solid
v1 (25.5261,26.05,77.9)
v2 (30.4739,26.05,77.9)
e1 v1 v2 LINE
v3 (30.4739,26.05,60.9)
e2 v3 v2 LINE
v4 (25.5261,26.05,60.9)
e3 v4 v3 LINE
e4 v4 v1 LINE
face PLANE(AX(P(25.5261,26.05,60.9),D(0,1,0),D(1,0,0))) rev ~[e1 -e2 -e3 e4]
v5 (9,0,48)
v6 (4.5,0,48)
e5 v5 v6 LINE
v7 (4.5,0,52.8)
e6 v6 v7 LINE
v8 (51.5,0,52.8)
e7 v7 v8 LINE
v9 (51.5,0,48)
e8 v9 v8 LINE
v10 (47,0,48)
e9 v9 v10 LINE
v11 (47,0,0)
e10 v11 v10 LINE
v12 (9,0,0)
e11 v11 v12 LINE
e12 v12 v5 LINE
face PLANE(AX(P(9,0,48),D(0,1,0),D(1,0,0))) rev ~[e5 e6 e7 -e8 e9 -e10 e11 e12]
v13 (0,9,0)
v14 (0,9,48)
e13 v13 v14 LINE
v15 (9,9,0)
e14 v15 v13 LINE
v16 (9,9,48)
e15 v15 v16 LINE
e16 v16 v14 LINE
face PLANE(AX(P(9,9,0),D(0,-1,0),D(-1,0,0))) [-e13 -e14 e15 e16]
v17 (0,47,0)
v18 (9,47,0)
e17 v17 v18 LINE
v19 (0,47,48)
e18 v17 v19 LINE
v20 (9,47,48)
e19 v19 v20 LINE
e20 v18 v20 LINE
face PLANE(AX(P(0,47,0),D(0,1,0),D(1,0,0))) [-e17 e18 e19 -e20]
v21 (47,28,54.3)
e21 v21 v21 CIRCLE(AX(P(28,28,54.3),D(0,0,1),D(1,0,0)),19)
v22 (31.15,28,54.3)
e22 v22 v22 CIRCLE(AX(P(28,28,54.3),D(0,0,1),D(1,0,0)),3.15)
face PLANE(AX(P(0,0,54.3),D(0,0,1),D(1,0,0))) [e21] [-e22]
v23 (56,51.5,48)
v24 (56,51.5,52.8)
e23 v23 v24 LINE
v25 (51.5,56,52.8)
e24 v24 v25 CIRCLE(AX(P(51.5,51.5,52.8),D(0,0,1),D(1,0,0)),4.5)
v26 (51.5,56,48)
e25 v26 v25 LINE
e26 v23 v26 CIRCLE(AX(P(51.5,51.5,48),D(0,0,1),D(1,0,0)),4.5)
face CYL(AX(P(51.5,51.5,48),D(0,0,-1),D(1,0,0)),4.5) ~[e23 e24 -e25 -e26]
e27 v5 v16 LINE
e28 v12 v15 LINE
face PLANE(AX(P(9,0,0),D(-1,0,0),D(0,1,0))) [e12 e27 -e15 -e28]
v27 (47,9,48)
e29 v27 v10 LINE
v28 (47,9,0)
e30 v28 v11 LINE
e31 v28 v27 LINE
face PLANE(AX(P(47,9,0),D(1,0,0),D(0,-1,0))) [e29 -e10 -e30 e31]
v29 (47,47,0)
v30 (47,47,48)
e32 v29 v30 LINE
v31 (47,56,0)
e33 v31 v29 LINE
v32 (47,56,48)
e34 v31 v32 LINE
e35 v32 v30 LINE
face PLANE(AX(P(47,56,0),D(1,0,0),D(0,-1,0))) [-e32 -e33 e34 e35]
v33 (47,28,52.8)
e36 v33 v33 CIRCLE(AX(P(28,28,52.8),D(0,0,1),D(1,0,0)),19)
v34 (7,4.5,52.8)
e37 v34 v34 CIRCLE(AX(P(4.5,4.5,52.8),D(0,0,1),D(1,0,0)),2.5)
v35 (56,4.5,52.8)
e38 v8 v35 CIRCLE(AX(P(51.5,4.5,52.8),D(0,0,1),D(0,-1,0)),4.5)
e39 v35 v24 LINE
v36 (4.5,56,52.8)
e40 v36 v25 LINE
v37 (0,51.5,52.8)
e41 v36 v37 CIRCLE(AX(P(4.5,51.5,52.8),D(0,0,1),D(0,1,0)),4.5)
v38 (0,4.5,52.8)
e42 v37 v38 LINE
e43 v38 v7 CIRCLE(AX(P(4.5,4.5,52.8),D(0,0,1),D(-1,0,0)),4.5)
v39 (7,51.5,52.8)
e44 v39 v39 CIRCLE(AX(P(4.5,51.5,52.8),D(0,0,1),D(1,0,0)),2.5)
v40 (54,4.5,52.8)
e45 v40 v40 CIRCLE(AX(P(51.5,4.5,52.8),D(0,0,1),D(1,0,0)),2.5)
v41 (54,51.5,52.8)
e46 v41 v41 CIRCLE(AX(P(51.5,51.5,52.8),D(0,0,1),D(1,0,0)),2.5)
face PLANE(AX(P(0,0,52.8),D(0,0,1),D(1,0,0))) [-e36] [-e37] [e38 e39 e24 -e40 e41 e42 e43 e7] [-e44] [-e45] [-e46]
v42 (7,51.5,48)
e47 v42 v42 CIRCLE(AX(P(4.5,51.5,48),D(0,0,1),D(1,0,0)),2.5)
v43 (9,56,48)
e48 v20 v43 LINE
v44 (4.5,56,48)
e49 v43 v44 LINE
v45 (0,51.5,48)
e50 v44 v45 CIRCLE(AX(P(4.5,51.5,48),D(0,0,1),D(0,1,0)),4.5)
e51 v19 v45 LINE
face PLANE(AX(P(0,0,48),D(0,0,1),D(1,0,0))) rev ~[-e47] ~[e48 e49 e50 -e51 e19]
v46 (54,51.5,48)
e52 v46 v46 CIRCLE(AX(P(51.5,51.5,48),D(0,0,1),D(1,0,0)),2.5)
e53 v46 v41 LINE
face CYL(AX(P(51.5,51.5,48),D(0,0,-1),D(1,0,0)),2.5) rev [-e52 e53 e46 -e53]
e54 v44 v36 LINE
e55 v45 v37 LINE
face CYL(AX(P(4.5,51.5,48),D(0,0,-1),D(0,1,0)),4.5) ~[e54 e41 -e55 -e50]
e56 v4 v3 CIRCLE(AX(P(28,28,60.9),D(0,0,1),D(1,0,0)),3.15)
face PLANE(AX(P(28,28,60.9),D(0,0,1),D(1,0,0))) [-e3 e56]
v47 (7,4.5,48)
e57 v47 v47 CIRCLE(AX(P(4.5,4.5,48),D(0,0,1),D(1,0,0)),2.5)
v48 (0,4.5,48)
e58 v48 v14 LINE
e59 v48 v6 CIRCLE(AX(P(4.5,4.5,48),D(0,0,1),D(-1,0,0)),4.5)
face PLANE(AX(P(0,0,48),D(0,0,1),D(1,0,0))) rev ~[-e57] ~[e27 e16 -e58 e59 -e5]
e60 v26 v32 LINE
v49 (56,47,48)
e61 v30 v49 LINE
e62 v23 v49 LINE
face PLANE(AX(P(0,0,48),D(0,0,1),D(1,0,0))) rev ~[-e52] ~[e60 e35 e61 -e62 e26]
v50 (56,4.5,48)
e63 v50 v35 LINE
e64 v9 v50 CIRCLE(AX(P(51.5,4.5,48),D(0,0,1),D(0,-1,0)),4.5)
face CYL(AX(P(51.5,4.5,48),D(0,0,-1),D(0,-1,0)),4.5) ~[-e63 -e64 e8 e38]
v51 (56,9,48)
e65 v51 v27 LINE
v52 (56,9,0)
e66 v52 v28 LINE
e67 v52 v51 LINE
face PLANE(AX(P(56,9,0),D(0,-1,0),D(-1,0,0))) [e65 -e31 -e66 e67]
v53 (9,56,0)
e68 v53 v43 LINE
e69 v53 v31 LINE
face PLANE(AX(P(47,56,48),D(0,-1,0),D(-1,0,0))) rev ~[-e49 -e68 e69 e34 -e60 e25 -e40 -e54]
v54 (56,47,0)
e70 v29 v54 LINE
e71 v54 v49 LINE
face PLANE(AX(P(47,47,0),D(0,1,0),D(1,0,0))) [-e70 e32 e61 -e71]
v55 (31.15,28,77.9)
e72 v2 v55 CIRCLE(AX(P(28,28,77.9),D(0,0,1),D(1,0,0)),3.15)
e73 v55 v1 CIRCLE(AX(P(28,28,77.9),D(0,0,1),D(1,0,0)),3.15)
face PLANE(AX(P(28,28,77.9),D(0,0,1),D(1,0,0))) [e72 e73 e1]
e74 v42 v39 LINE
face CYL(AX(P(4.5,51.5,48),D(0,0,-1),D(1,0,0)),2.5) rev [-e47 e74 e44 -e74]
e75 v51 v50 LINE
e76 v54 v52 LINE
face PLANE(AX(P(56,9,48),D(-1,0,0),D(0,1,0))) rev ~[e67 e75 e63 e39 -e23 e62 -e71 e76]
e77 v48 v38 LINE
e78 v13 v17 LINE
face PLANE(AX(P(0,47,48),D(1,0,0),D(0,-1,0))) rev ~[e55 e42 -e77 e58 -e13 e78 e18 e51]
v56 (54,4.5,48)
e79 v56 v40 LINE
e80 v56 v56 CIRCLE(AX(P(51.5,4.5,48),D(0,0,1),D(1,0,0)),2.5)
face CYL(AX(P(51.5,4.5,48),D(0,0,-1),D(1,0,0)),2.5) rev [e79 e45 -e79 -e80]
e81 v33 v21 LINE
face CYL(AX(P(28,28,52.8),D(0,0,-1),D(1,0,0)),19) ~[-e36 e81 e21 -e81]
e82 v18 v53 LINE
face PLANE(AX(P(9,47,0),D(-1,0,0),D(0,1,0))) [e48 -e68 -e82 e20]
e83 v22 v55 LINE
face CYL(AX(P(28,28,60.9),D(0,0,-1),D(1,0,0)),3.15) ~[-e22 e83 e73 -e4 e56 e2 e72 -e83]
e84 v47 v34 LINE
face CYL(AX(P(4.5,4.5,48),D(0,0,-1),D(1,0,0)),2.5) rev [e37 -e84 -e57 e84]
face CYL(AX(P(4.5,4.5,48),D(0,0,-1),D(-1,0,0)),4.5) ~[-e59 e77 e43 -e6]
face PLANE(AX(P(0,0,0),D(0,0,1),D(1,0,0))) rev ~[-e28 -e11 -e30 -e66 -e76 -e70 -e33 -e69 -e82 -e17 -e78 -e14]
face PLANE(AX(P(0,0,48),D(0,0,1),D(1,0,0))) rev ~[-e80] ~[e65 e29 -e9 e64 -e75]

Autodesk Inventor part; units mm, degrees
ref_plane "YZ Plane" through (0, 0, 0) normal (1, 0, 0) x (0, 1, 0)
ref_plane "XZ Plane" through (0, 0, 0) normal (0, 1, 0) x (-1, 0, 0)
ref_plane "XY Plane" through (0, 0, 0) normal (0, 0, 1) x (1, 0, 0)
sketch "Sketch1" plane through (0, 0, 0) normal (0, 0, 1) x (1, 0, 0)
  line L0 (0, 0) -> (56, 0) construction
  line L1 (56, 0) -> (56, 56) construction
  line L2 (56, 56) -> (0, 56) construction
  line L3 (0, 56) -> (0, 0) construction
  line L4 (0, 47) -> (9, 47)
  line L5 (9, 47) -> (9, 56)
  line L6 (9, 56) -> (47, 56)
  line L7 (47, 56) -> (47, 47)
  line L8 (47, 47) -> (56, 47)
  line L9 (56, 47) -> (56, 9)
  line L10 (56, 9) -> (47, 9)
  line L11 (47, 9) -> (47, 0)
  line L12 (47, 0) -> (9, 0)
  line L13 (9, 0) -> (9, 9)
  line L14 (9, 9) -> (0, 9)
  line L15 (0, 9) -> (0, 47)
  dimension "d0" = 56
  dimension "d1" = 38
extrude "Extrusion1" add sketch "Sketch1" along normal blind 48
sketch "Sketch2" plane through (0, 0, 48) normal (0, 0, 1) x (1, 0, 0)
  line L0 (9, 47) -> (0, 47) projected
  line L1 (0, 47) -> (0, 9) projected
  line L2 (0, 9) -> (9, 9) projected
  line L3 (9, 9) -> (9, 0) projected
  line L4 (9, 0) -> (47, 0) projected
  line L5 (47, 0) -> (47, 9) projected
  line L6 (47, 9) -> (56, 9) projected
  line L7 (56, 9) -> (56, 47) projected
  line L8 (56, 47) -> (47, 47) projected
  line L9 (47, 47) -> (47, 56) projected
  line L10 (47, 56) -> (9, 56) projected
  line L11 (9, 56) -> (9, 47) projected
  line L12 (9, 47) -> (0, 47)
  line L13 (0, 47) -> (0, 56)
  line L14 (0, 56) -> (9, 56)
  line L15 (9, 56) -> (9, 47)
  line L16 (47, 47) -> (56, 47) projected
  line L17 (47, 47) -> (56, 47)
  line L18 (56, 47) -> (56, 56)
  line L19 (56, 56) -> (47, 56)
  line L20 (47, 56) -> (47, 47)
  line L21 (47, 9) -> (47, 0) projected
  line L22 (47, 9) -> (56, 9)
  line L23 (56, 9) -> (56, 0)
  line L24 (56, 0) -> (47, 0)
  line L25 (47, 0) -> (47, 9)
  line L26 (47, 0) -> (9, 0) projected
  line L27 (9, 9) -> (0, 9) projected
  line L28 (9, 0) -> (0, 0)
  line L29 (0, 0) -> (0, 9)
  line L30 (0, 9) -> (9, 9)
  line L31 (9, 9) -> (9, 0)
  line L32 (47, 9) -> (56, 9) projected
  line L33 (47, 0) -> (47, 9) projected
  line L34 (47, 47) -> (47, 56) projected
  circle A0 centre (4.5, 51.5) radius 2.5
  circle A1 centre (51.5, 51.5) radius 2.5
  circle A2 centre (51.5, 4.5) radius 2.5
  circle A3 centre (4.5, 4.5) radius 2.5
  line L35 (4.5, 51.5) -> (51.5, 51.5) construction
  line L36 (51.5, 51.5) -> (51.5, 4.5) construction
  line L37 (51.5, 4.5) -> (4.5, 4.5) construction
  line L38 (4.5, 4.5) -> (4.5, 51.5) construction
  line L39 (0, 56) -> (56, 0) construction
  line L40 (47, 47) -> (56, 56) construction
  line L41 (28, 51.5) -> (28, 28) construction
  line L42 (28, 28) -> (4.5, 28) construction
  arc A4 (4.5, 56) -> (0, 51.5) centre (4.5, 51.5) ccw
  arc A5 (56, 51.5) -> (51.5, 56) centre (51.5, 51.5) ccw
  arc A6 (0, 4.5) -> (4.5, 0) centre (4.5, 4.5) ccw
  arc A7 (51.5, 0) -> (56, 4.5) centre (51.5, 4.5) ccw
  dimension "d4" = 5
  dimension "d5" = 47
extrude "Extrusion2" add sketch "Sketch2" along normal blind 4.8 contours L11 L10 L9 L8 L7 L6 L5 L4 L3 L2 L1 L0 | L0 L13 A4 L14 L11 | L2 L3 L28 A6 L29 | L19 A5 L18 L8 L9 | L5 L6 L23 A7 L24
sketch "Sketch3" plane through (0, 0, 52.8) normal (0, 0, 1) x (1, 0, 0)
  circle A0 centre (28, 28) radius 19
  circle A1 centre (4.5, 4.5) radius 2.5 construction
  circle A2 centre (51.5, 51.5) radius 2.5 construction
  line L0 (4.5, 4.5) -> (51.5, 51.5) construction
  point P0 (0, 0)
  dimension "d8" = 38
extrude "Extrusion3" add sketch "Sketch3" along normal blind 1.5
sketch "Sketch4" plane through (28, 28, 54.3) normal (0, 0, 1) x (1, 0, 0)
  circle A0 centre (0, 0) radius 3.15
  point P0 (-28, -28)
  dimension "d11" = 6.3
extrude "Extrusion4" add sketch "Sketch4" along normal blind 6.6
sketch "Sketch5" plane through (28, 28, 60.9) normal (0, 0, 1) x (1, 0, 0)
  circle A0 centre (0, 0) radius 3.15 projected
  line L0 (-2.4739, -1.95) -> (2.4739, -1.95)
  circle A1 centre (0, 0) radius 3.15 projected
  point P0 (-28, -28)
  dimension "d14" = 5.1
extrude "Extrusion5" add sketch "Sketch5" along normal blind 17 contours A0 L0 picked at (0.6783, 0.1866)
properties part number "Big Chungus Motor"
